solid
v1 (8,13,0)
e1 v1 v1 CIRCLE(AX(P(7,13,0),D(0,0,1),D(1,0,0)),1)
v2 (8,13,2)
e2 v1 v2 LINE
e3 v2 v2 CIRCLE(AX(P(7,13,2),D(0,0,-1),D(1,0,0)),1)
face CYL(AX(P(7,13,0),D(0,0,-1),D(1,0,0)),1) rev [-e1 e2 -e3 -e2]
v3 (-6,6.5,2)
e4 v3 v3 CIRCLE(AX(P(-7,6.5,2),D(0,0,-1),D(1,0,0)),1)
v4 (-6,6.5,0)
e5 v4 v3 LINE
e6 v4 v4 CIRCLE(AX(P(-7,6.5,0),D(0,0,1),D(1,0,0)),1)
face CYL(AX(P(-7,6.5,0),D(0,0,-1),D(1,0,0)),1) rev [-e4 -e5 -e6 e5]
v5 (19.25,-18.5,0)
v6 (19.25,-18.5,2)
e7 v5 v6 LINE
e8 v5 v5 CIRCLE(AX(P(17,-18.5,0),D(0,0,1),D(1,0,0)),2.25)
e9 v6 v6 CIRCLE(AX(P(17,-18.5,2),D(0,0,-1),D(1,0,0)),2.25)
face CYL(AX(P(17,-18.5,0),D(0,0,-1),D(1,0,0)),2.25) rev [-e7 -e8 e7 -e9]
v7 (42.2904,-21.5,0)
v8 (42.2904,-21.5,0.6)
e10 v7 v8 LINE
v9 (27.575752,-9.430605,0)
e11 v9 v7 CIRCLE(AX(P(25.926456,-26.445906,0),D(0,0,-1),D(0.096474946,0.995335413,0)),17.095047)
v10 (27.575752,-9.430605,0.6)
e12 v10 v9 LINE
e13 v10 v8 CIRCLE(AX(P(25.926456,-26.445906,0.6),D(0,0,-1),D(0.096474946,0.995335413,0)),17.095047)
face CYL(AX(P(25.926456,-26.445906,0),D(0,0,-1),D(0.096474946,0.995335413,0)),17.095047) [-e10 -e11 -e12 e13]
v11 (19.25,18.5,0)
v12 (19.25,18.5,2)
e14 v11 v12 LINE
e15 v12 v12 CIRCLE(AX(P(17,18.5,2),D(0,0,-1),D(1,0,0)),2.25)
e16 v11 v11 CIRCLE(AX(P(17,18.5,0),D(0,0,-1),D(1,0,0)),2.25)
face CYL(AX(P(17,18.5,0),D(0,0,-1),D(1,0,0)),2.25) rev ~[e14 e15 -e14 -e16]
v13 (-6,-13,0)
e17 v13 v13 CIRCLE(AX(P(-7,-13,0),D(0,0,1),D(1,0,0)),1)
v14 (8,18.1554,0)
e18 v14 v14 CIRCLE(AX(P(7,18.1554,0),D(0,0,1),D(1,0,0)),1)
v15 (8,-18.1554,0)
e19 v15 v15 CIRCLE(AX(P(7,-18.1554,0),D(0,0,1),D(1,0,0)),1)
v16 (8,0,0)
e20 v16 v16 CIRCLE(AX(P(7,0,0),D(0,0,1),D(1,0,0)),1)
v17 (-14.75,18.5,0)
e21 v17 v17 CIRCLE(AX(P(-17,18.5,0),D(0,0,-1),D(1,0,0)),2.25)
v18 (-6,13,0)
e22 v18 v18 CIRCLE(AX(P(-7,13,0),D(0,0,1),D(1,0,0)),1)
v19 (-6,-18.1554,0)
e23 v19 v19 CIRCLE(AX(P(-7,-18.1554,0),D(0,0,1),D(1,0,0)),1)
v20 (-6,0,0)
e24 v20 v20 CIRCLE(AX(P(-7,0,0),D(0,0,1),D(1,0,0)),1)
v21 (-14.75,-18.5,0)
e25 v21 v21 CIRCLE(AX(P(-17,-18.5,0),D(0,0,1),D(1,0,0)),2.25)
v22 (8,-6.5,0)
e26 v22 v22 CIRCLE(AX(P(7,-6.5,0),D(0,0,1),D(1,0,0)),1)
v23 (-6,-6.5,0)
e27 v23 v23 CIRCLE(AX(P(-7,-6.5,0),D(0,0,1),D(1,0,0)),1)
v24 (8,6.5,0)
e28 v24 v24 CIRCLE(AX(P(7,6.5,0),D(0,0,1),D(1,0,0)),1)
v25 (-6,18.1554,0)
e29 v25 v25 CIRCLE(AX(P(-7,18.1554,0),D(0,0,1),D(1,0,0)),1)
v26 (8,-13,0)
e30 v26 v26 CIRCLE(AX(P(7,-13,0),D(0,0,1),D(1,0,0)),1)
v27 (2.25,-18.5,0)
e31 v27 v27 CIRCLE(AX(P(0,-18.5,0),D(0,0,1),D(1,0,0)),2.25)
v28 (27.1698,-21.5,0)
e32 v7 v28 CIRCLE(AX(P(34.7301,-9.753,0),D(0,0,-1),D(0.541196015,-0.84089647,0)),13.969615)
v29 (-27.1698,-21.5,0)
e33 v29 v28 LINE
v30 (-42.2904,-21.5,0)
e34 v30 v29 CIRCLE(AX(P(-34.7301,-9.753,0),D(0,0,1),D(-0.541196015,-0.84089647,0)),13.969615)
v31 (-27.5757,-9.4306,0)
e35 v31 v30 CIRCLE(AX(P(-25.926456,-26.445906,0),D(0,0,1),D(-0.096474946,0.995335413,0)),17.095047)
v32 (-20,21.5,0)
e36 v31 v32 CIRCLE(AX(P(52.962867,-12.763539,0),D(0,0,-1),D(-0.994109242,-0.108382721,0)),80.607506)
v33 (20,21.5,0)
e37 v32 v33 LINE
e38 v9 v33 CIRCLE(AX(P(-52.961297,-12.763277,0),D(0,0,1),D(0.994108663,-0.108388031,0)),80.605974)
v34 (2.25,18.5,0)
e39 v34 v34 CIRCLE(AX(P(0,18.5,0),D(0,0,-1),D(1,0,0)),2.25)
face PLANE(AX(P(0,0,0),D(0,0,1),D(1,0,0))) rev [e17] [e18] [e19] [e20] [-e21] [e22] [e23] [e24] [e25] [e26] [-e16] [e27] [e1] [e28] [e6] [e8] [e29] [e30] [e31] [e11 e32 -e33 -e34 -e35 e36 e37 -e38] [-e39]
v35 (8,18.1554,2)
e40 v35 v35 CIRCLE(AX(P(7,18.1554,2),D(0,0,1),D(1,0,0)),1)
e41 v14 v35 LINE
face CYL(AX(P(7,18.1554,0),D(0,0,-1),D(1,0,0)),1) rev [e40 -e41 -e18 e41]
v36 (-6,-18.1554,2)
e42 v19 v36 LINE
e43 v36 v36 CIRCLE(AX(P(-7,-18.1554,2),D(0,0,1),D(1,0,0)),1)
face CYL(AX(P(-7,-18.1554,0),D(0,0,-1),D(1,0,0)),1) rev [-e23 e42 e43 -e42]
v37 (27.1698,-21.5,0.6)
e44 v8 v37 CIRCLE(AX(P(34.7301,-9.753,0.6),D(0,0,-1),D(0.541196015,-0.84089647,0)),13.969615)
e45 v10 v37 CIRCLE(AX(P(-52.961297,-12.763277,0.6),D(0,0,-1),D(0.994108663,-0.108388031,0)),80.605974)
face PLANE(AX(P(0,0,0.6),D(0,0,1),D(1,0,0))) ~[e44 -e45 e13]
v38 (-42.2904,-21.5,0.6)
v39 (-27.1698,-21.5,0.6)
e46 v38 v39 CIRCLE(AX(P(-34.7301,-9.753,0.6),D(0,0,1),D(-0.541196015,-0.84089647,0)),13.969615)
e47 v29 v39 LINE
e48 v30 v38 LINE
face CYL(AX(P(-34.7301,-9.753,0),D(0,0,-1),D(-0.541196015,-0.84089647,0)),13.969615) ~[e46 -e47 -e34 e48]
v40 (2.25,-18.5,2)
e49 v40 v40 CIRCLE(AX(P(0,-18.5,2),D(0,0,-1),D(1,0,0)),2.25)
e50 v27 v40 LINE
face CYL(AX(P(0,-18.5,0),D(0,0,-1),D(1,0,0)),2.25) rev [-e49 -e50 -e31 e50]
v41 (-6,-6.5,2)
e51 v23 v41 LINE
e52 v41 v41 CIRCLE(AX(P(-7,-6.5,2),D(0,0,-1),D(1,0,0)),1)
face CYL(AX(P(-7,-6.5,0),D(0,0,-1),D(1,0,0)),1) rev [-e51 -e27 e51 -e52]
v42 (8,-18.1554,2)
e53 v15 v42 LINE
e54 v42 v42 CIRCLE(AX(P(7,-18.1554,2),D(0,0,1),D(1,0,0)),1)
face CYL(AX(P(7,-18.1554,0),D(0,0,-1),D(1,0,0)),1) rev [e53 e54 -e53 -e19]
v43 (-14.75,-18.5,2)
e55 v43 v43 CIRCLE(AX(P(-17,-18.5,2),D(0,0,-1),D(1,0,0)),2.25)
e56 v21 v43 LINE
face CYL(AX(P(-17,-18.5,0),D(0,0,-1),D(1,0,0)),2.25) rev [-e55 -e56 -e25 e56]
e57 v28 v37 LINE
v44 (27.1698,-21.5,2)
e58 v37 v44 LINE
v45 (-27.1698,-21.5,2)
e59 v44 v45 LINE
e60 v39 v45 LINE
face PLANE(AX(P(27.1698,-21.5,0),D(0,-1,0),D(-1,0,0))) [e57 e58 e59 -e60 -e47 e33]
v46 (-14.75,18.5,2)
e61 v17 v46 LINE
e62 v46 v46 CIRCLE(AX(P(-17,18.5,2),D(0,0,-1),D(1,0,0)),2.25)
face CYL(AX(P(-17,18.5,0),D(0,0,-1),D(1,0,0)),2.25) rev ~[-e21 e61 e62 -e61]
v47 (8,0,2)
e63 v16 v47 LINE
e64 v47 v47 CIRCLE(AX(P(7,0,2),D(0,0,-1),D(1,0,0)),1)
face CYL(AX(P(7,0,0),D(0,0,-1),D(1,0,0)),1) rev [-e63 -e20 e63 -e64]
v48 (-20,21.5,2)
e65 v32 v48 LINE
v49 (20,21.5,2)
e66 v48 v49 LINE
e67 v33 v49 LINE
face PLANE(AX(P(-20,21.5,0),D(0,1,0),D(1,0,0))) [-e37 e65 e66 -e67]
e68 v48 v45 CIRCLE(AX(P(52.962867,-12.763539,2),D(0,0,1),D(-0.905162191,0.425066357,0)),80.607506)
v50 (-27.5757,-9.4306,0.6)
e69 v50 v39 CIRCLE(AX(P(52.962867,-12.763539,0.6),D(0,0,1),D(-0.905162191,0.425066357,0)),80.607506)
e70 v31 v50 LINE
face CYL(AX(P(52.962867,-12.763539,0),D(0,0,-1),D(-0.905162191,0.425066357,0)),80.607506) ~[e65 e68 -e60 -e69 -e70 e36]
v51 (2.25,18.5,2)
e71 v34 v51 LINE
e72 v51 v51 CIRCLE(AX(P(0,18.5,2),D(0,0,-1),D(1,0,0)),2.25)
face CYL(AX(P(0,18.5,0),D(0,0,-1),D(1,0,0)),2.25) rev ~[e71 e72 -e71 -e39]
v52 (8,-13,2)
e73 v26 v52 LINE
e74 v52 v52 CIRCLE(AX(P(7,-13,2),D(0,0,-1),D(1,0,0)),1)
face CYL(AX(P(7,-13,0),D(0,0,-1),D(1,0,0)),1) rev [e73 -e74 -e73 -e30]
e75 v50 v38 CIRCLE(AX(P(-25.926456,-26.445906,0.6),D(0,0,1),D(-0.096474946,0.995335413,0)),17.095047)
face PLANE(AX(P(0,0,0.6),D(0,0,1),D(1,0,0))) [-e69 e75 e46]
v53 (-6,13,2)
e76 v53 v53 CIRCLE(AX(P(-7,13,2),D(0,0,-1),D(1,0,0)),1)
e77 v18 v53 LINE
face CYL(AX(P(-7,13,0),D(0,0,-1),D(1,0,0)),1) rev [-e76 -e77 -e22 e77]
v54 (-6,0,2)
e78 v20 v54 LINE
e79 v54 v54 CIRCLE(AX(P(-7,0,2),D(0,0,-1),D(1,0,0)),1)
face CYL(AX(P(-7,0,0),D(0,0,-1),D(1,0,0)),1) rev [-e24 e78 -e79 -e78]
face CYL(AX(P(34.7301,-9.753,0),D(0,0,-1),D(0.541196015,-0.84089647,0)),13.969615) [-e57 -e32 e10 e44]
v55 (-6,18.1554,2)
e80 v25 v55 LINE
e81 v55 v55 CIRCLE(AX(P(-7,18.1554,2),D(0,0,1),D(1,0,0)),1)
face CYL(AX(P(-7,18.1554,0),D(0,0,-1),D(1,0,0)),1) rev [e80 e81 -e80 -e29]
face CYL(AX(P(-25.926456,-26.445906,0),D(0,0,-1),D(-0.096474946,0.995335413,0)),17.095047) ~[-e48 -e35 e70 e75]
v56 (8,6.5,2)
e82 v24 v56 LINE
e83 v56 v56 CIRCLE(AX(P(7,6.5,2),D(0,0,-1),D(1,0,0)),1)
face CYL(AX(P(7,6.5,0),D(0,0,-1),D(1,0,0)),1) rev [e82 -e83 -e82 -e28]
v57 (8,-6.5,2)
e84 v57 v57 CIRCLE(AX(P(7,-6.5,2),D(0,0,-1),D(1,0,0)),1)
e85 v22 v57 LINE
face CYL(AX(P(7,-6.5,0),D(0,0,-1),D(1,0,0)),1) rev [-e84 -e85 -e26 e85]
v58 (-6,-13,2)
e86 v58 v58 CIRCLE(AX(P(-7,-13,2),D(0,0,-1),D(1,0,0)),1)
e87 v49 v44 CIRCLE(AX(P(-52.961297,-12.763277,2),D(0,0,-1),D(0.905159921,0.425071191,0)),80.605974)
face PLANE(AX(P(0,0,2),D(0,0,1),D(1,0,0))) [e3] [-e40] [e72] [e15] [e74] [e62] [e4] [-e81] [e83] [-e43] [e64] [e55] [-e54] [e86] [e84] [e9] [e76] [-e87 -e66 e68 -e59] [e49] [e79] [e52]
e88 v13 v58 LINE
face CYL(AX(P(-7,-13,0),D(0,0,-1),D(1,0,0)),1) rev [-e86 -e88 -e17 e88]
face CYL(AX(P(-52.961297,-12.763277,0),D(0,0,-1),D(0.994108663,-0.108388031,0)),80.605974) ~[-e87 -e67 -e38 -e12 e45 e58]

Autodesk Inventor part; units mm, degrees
ref_plane "YZ Plane" through (0, 0, 0) normal (1, 0, 0) x (0, 1, 0)
ref_plane "XZ Plane" through (0, 0, 0) normal (0, 1, 0) x (-1, 0, 0)
ref_plane "XY Plane" through (0, 0, 0) normal (0, 0, 1) x (1, 0, 0)
sketch "Block1" plane through (0, 0, 0) normal (0, 0, 1) x (1, 0, 0)
  line L0 (22.5674, 54.9733) -> (22.5674, 26.9733) construction
  line L1 (62.5674, 54.9733) -> (62.5674, 26.9733) construction
  line L2 (42.5674, 54.9733) -> (42.5674, 26.9733) construction
  arc A0 (22.5674, 54.9733) -> (16.0189, 31.9733) centre (39.6923, 37.6653) ccw
  arc A1 (69.116, 31.9733) -> (62.5674, 54.9733) centre (45.4425, 37.6653) ccw
  line L3 (67.5674, 31.9733) -> (69.116, 31.9733)
  line L4 (22.5674, 54.9733) -> (62.5674, 54.9733)
  arc A2 (3.175, 28.049) -> (16.0189, 31.9733) centre (7.7246, 36.1392) ccw
  arc A3 (15.3685, 38.7512) -> (3.175, 28.049) centre (13.5542, 28.5209) ccw
  arc A4 (69.116, 31.9733) -> (81.9598, 28.049) centre (77.4102, 36.1392) ccw
  arc A5 (81.9598, 28.049) -> (69.7664, 38.7512) centre (71.5807, 28.5209) ccw
  line L5 (17.5674, 54.9733) -> (67.5674, 54.9733) construction
  line L6 (67.5674, 54.9733) -> (67.5674, 31.9733) construction
  line L7 (67.5674, 31.9733) -> (16.0189, 31.9733)
  line L8 (17.5674, 31.9733) -> (17.5674, 54.9733) construction
  line L9 (22.5674, 31.9733) -> (62.5674, 31.9733)
  line L10 (62.5674, 31.9733) -> (62.5674, 26.9733)
  line L11 (62.5674, 26.9733) -> (22.5674, 26.9733)
  line L12 (22.5674, 26.9733) -> (22.5674, 31.9733)
  circle A6 centre (35.5674, 51.6287) radius 1
  circle A7 centre (49.5674, 51.6287) radius 1
  line L13 (22.5674, 29.4733) -> (62.5674, 29.4733) construction
  circle A8 centre (35.5674, 29.4733) radius 1
  circle A9 centre (49.5674, 29.4733) radius 1
  point P0 (42.5377, 37.3132)
  point P1 (42.5674, 31.9733)
  point P2 (42.5674, 31.9733)
  point P3 (17.5674, 26.9733)
  point P4 (67.5674, 26.9733)
  dimension "d0" = 23
  dimension "d1" = 5
  dimension "d2" = 40
  dimension "d3" = 2
  dimension "d4" = 2
  dimension "d5" = 7
  dimension "d6" = 7
  dimension "d7" = 2
  dimension "d8" = 2
  dimension "d9" = 7
  dimension "d10" = 7
sketch "Sketch1" plane through (0, 0, 0) normal (0, 0, 1) x (1, 0, 0)
  line L0 (-20, 21.5) -> (-20, -26.5) construction
  line L1 (20, 21.5) -> (20, -26.5) construction
  line L2 (0, 21.5) -> (0, -26.5) construction
  line L3 (27.1698, -21.5) -> (25.1885, -21.5)
  line L4 (-20, 21.5) -> (20, 21.5)
  line L5 (-27.1698, 21.5) -> (27.1698, 21.5) construction
  line L6 (27.1698, 21.5) -> (27.1698, -21.5) construction
  line L7 (27.1698, -21.5) -> (-27.1698, -21.5)
  line L8 (-27.1698, -21.5) -> (-27.1698, 21.5) construction
  line L9 (-20, -21.5) -> (20, -21.5)
  line L10 (20, -21.5) -> (20, -26.5)
  line L11 (20, -26.5) -> (-20, -26.5)
  line L12 (-20, -26.5) -> (-20, -21.5)
  circle A0 centre (-7, 18.1554) radius 1
  circle A1 centre (7, 18.1554) radius 1
  line L13 (-20, -24) -> (20, -24) construction
  circle A2 centre (-7, -24) radius 1
  circle A3 centre (7, -24) radius 1
  circle A4 centre (-17, -18.5) radius 2.25
  circle A5 centre (17, -18.5) radius 2.25
  circle A6 centre (0, -18.5) radius 2.25
  line L14 (-27.1698, 0) -> (27.1698, 0) construction
  circle A7 centre (-7, 0) radius 1
  circle A8 centre (7, 0) radius 1
  circle A9 centre (-7, -18.1554) radius 1
  circle A10 centre (7, -18.1554) radius 1
  arc A11 (-20, 21.5) -> (-27.1698, -21.5) centre (52.9621, -12.7633) ccw
  arc A12 (27.1698, -21.5) -> (20, 21.5) centre (-52.9621, -12.7633) ccw
  arc A13 (-42.2904, -21.5) -> (-27.1698, -21.5) centre (-34.7301, -9.753) ccw
  arc A14 (-27.5757, -9.4306) -> (-42.2904, -21.5) centre (-25.9265, -26.4458) ccw
  arc A15 (27.1698, -21.5) -> (42.2904, -21.5) centre (34.7301, -9.753) ccw
  arc A16 (42.2904, -21.5) -> (27.5757, -9.4306) centre (25.9265, -26.4458) ccw
  point P0 (0, 0)
  point P1 (0, -21.5)
  point P2 (0, -21.5)
  point P3 (-27.9814, 24.963)
  point P4 (27.9814, 24.963)
  point P5 (0, -2.5)
  point P6 (0, 0)
  dimension "d12" = 43
  dimension "d13" = 5
  dimension "d14" = 40
  dimension "d15" = 2
  dimension "d16" = 2
  dimension "d17" = 7
  dimension "d18" = 7
  dimension "d19" = 2
  dimension "d20" = 2
  dimension "d21" = 7
  dimension "d22" = 7
  dimension "d24" = 4.5
  dimension "d25" = 4.5
  dimension "d26" = 3
  dimension "d27" = 3
  dimension "d28" = 3
  dimension "d29" = 3
  dimension "d34" = 4.5
  dimension "d35" = 3
  dimension "d38" = 3.3446
  dimension "d39" = 3.3446
  dimension "d40" = 2
  dimension "d41" = 2
  dimension "d42" = 7
  dimension "d43" = 7
extrude "Extrusion1" add sketch "Sketch1" along normal blind 2 contours L3 L7 A11 L4 A12 | A4 | A5 | A6 | A7 | A8
extrude "Extrusion2" add sketch "Sketch1" along normal blind 0.6 contours A13 A14 A11
mirror "Mirror1" about plane through (0, 0, 0) normal (1, 0, 0) of "Extrusion2"
extrude "Extrusion3" cut sketch "Sketch1" along normal blind 5 contours A4 | A5 | A6
mirror "Mirror2" about plane through (0, 0, 0) normal (0, 1, 0) of "Extrusion3"
extrude "Extrusion4" cut sketch "Sketch1" along normal blind 10 contours A7 | A8
pattern_linear "Rectangular Pattern1" count 3 spacing 6.5 along (0, 1, 0) count 3 spacing 6.5 along (0, -1, 0) of "Extrusion4"
equation "\"d3\" = d11"
equation "\"d4\" = d11"
equation "\"d7\" = d11"
equation "\"d8\" = d11"
equation "\"d15\" = fishing"
equation "\"d16\" = fishing"
equation "\"d19\" = fishing"
equation "\"d20\" = fishing"
equation "\"d40\" = fishing"
equation "\"d41\" = fishing"
equation "\"d11\" = 2"
equation "\"d23\" = 2"
equation "\"fishing\" = 2"
properties part number "Piece"
